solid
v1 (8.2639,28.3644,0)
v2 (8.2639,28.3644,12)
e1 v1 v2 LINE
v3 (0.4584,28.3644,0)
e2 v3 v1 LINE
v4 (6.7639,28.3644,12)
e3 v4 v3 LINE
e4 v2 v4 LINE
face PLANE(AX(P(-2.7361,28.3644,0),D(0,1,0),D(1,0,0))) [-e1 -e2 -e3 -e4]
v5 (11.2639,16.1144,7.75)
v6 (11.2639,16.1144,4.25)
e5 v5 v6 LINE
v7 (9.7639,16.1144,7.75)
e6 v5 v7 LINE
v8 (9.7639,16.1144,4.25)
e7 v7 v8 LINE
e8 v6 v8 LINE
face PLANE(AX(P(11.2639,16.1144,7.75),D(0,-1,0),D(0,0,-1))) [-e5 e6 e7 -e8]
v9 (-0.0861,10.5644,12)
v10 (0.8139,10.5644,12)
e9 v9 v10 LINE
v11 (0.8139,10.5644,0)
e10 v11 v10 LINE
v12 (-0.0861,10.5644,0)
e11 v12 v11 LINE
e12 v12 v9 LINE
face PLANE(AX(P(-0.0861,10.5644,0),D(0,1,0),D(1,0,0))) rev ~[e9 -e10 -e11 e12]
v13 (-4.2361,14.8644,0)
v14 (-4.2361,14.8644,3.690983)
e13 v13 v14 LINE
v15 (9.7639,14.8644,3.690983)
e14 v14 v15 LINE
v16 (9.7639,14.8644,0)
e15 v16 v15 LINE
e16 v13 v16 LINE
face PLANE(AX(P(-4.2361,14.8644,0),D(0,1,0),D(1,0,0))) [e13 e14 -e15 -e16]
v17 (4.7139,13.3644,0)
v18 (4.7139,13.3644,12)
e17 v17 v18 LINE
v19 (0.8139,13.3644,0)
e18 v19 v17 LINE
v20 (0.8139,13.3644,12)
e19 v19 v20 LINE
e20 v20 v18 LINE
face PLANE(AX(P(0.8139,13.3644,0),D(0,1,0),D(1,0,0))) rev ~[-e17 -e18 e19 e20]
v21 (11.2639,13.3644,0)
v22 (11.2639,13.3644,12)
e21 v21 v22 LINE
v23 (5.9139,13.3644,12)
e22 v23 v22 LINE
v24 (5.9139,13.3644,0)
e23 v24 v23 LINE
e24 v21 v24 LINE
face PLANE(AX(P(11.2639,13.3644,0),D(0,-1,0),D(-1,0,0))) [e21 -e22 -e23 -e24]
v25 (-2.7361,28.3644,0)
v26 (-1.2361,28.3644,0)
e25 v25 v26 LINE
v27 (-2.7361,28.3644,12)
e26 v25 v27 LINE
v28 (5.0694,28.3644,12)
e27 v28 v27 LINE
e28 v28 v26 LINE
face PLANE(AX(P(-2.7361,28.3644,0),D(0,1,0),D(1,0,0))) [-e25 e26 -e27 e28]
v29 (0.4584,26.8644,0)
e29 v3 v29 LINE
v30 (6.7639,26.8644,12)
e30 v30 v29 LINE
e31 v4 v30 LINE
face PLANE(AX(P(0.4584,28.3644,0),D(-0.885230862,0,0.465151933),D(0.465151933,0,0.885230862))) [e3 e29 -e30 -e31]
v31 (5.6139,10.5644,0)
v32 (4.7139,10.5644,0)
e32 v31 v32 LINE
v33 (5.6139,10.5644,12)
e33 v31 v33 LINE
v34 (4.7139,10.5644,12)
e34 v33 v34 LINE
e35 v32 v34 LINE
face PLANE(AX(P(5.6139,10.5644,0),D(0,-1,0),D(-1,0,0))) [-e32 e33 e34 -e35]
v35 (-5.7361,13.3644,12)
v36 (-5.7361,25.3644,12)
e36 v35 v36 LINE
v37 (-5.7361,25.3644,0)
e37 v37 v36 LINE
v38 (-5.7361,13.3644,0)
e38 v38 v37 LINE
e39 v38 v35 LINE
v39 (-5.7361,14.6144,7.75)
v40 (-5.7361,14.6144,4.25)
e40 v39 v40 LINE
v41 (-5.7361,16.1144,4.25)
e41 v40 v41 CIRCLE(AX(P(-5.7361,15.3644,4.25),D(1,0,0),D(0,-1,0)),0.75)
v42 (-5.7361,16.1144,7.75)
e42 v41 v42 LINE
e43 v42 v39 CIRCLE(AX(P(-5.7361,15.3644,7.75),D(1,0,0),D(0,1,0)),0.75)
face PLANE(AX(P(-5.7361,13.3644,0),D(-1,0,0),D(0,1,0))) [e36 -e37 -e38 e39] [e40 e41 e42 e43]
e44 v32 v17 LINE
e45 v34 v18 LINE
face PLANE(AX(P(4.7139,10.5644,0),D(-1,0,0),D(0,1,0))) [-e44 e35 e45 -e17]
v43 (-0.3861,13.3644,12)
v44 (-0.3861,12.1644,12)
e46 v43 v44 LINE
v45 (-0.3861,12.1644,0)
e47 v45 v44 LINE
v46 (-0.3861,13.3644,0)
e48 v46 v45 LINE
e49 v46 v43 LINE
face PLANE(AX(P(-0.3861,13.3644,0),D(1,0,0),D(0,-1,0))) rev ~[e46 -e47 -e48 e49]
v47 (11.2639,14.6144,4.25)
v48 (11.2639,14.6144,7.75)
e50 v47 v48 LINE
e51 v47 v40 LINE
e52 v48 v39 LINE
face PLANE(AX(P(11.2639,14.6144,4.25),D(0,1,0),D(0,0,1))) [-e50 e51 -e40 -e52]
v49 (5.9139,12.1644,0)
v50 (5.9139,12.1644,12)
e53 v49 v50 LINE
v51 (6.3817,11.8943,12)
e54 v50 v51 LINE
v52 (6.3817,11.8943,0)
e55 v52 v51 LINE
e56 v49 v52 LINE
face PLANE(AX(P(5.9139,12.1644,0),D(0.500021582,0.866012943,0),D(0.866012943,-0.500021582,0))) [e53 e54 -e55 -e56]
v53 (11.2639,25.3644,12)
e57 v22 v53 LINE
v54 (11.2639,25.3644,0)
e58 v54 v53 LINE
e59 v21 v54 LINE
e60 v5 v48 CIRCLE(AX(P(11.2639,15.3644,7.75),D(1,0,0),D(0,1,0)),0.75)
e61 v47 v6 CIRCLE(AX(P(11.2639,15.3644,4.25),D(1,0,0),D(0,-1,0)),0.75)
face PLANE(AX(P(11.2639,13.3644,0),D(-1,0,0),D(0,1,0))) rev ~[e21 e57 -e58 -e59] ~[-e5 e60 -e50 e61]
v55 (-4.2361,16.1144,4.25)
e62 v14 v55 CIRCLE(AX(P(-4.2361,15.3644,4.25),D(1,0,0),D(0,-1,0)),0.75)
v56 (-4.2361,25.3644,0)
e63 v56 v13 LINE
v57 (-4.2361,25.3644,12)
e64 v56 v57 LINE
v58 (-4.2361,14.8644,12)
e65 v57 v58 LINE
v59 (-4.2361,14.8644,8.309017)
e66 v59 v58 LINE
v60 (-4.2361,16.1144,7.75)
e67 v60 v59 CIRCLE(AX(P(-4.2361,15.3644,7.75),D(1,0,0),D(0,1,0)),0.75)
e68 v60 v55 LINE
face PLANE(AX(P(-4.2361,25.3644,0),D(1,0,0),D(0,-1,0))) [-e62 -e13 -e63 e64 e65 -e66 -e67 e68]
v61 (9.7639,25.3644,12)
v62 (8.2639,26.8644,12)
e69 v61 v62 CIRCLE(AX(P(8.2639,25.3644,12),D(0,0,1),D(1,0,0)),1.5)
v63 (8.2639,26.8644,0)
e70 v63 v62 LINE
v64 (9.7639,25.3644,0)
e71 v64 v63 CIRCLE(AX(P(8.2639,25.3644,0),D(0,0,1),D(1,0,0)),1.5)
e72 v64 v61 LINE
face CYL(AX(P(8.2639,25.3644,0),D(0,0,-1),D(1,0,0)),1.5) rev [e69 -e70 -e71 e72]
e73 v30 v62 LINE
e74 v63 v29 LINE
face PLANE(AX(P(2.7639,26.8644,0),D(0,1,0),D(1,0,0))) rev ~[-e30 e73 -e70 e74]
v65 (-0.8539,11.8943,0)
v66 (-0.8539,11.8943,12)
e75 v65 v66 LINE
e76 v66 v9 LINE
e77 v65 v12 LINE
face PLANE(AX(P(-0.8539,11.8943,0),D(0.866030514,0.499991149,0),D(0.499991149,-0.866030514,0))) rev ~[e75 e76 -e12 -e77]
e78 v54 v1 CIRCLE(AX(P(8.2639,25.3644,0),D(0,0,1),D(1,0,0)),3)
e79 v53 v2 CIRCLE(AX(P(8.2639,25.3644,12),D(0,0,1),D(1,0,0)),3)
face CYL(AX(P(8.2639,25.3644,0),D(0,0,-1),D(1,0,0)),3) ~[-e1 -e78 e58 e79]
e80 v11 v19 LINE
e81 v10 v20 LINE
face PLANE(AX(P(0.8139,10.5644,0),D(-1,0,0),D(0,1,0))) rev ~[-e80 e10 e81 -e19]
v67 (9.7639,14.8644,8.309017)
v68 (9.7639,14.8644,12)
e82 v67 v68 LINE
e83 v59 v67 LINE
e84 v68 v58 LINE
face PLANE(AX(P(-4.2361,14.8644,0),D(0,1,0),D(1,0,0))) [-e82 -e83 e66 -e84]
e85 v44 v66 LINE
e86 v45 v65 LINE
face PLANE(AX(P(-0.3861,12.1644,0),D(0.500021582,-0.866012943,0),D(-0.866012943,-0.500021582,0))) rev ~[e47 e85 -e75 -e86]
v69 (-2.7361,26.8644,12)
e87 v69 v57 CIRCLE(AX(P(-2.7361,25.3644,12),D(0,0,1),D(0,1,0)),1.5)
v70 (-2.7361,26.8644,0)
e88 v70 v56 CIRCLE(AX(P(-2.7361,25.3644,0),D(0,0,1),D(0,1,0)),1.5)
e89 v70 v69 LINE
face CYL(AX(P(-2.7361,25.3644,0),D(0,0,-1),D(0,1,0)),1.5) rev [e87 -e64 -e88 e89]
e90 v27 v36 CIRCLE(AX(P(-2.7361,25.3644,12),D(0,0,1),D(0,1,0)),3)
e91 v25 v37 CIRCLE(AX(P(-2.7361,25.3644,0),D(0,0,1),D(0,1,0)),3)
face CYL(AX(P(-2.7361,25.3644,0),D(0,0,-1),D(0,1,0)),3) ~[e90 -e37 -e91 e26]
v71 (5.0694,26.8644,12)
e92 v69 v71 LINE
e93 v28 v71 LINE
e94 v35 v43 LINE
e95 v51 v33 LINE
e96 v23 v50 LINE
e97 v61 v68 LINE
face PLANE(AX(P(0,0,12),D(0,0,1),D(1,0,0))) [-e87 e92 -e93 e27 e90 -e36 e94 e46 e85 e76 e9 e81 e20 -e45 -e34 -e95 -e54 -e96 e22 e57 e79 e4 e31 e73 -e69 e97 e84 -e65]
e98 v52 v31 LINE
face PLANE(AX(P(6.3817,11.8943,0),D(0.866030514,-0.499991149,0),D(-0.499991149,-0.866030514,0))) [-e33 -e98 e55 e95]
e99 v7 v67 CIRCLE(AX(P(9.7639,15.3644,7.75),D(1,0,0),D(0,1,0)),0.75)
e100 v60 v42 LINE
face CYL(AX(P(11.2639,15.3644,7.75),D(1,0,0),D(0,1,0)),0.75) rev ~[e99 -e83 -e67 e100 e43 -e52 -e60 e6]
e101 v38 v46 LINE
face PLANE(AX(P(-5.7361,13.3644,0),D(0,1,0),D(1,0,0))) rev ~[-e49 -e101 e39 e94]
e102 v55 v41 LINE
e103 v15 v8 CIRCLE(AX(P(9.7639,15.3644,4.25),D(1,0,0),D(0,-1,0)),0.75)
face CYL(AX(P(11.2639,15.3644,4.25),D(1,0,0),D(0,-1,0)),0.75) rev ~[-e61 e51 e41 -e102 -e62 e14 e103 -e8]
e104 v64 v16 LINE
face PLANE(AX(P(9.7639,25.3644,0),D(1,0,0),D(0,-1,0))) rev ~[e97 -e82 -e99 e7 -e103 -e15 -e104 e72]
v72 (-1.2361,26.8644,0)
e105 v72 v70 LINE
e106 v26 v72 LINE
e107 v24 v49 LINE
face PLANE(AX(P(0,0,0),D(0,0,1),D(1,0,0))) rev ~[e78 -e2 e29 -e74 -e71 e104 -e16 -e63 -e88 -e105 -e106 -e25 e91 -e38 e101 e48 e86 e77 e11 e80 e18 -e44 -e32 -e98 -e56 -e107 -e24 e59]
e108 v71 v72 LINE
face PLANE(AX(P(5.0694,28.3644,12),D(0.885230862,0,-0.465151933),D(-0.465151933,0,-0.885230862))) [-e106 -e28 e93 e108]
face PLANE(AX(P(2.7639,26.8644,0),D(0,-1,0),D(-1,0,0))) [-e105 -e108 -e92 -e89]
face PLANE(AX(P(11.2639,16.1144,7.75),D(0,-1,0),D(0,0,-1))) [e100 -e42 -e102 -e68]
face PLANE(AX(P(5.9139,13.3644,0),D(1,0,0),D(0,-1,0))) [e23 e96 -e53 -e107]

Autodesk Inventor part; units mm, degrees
ref_plane "YZ Plane" through (0, 0, 0) normal (1, 0, 0) x (0, 1, 0)
ref_plane "XZ Plane" through (0, 0, 0) normal (0, 1, 0) x (-1, 0, 0)
ref_plane "XY Plane" through (0, 0, 0) normal (0, 0, 1) x (1, 0, 0)
sketch "Sketch1" plane through (0, 0, 0) normal (0, 0, 1) x (1, 0, 0)
  line L0 (-0.3861, 13.3644) -> (-0.3861, 12.1644)
  line L1 (0.8139, 10.5644) -> (0.8139, 13.3644)
  line L2 (2.7639, 27.7657) -> (2.7639, 5.268) construction
  line L3 (-5.7361, 13.3644) -> (-5.7361, 25.3644)
  line L4 (-2.7361, 28.3644) -> (2.7639, 28.3644)
  line L5 (2.7639, 26.8644) -> (-2.7361, 26.8644)
  line L6 (-4.2361, 25.3644) -> (-4.2361, 14.8644)
  line L7 (-4.2361, 14.8644) -> (2.7639, 14.8644)
  line L8 (-0.3861, 12.1644) -> (-0.8539, 11.8943)
  line L9 (-5.7361, 13.3644) -> (-0.3861, 13.3644)
  arc A0 (-2.7361, 28.3644) -> (-5.7361, 25.3644) centre (-2.7361, 25.3644) ccw
  arc A1 (-2.7361, 26.8644) -> (-4.2361, 25.3644) centre (-2.7361, 25.3644) ccw
  line L10 (-0.8539, 11.8943) -> (-0.0861, 10.5644)
  line L11 (-0.0861, 10.5644) -> (0.8139, 10.5644)
  line L12 (5.6139, 10.5644) -> (4.7139, 10.5644)
  line L13 (11.2639, 13.3644) -> (11.2639, 25.3644)
  arc A2 (11.2639, 25.3644) -> (8.2639, 28.3644) centre (8.2639, 25.3644) ccw
  line L14 (8.2639, 28.3644) -> (2.7639, 28.3644)
  line L15 (2.7639, 26.8644) -> (8.2639, 26.8644)
  arc A3 (9.7639, 25.3644) -> (8.2639, 26.8644) centre (8.2639, 25.3644) ccw
  line L16 (9.7639, 25.3644) -> (9.7639, 14.8644)
  line L17 (9.7639, 14.8644) -> (2.7639, 14.8644)
  line L18 (11.2639, 13.3644) -> (5.9139, 13.3644)
  line L19 (5.9139, 13.3644) -> (5.9139, 12.1644)
  line L20 (5.9139, 13.3644) -> (6.9559, 13.3644)
  line L21 (4.7139, 10.5644) -> (4.7139, 13.3644)
  line L22 (6.3817, 11.8943) -> (5.6139, 10.5644)
  line L23 (5.9139, 12.1644) -> (6.3817, 11.8943)
  line L24 (0.8139, 13.3644) -> (4.7139, 13.3644)
  line L25 (5.9139, 13.3644) -> (6.9559, 13.3644)
  point P0 (0, 0)
  dimension "d1" = 1.2
  dimension "d2" = 1.95
  dimension "d3" = 120
  dimension "d5" = 8.5
  dimension "d6" = 1.5
  dimension "d8" = 1.5
  dimension "d9" = 12
  dimension "d10" = 3
  dimension "d11" = 1.5
  dimension "d12" = 0.9
  dimension "d13" = 120
  dimension "d15" = 1.2
  dimension "d16" = 2.8
  dimension "d17" = 1.5
extrude "Extrusion1" add sketch "Sketch1" along normal blind 12
sketch "Sketch2" plane through (-2.7361, 28.3644, 0) normal (0, 1, 0) x (1, 0, 0)
  line L0 (0, -12) -> (11, -12) projected
  line L1 (11, 0) -> (0, 0) projected
  line L2 (0, 0) -> (0, -12) projected
  line L3 (1.5, 0) -> (3.1945, 0)
  line L4 (3.1945, 0) -> (9.5, -12)
  line L5 (7.8055, -12) -> (1.5, 0)
  point P0 (2.7361, 0)
  dimension "d20" = 1.5
  dimension "d21" = 1.5
  dimension "d22" = 1.5
extrude "Extrusion2" cut sketch "Sketch2" against normal up to next contours L5 L1 L4 L0
sketch "Sketch3" plane through (11.2639, 13.3644, 0) normal (1, 0, 0) x (0, 0, -1)
  line L0 (-12, 12) -> (-12, 0) projected
  line L1 (0, 0) -> (-12, 0) projected
  arc A0 (-7.75, 2.75) -> (-7.75, 1.25) centre (-7.75, 2) ccw
  arc A1 (-4.25, 1.25) -> (-4.25, 2.75) centre (-4.25, 2) ccw
  line L2 (-7.75, 2.75) -> (-4.25, 2.75)
  line L3 (-4.25, 1.25) -> (-7.75, 1.25)
  point P0 (0, -13.3644)
  dimension "d30" = 1.5
  dimension "d31" = 3.5
  dimension "d32" = 4.25
  dimension "d33" = 2
extrude "Extrusion3" cut sketch "Sketch3" against normal through all
properties part number "Cable V3"
